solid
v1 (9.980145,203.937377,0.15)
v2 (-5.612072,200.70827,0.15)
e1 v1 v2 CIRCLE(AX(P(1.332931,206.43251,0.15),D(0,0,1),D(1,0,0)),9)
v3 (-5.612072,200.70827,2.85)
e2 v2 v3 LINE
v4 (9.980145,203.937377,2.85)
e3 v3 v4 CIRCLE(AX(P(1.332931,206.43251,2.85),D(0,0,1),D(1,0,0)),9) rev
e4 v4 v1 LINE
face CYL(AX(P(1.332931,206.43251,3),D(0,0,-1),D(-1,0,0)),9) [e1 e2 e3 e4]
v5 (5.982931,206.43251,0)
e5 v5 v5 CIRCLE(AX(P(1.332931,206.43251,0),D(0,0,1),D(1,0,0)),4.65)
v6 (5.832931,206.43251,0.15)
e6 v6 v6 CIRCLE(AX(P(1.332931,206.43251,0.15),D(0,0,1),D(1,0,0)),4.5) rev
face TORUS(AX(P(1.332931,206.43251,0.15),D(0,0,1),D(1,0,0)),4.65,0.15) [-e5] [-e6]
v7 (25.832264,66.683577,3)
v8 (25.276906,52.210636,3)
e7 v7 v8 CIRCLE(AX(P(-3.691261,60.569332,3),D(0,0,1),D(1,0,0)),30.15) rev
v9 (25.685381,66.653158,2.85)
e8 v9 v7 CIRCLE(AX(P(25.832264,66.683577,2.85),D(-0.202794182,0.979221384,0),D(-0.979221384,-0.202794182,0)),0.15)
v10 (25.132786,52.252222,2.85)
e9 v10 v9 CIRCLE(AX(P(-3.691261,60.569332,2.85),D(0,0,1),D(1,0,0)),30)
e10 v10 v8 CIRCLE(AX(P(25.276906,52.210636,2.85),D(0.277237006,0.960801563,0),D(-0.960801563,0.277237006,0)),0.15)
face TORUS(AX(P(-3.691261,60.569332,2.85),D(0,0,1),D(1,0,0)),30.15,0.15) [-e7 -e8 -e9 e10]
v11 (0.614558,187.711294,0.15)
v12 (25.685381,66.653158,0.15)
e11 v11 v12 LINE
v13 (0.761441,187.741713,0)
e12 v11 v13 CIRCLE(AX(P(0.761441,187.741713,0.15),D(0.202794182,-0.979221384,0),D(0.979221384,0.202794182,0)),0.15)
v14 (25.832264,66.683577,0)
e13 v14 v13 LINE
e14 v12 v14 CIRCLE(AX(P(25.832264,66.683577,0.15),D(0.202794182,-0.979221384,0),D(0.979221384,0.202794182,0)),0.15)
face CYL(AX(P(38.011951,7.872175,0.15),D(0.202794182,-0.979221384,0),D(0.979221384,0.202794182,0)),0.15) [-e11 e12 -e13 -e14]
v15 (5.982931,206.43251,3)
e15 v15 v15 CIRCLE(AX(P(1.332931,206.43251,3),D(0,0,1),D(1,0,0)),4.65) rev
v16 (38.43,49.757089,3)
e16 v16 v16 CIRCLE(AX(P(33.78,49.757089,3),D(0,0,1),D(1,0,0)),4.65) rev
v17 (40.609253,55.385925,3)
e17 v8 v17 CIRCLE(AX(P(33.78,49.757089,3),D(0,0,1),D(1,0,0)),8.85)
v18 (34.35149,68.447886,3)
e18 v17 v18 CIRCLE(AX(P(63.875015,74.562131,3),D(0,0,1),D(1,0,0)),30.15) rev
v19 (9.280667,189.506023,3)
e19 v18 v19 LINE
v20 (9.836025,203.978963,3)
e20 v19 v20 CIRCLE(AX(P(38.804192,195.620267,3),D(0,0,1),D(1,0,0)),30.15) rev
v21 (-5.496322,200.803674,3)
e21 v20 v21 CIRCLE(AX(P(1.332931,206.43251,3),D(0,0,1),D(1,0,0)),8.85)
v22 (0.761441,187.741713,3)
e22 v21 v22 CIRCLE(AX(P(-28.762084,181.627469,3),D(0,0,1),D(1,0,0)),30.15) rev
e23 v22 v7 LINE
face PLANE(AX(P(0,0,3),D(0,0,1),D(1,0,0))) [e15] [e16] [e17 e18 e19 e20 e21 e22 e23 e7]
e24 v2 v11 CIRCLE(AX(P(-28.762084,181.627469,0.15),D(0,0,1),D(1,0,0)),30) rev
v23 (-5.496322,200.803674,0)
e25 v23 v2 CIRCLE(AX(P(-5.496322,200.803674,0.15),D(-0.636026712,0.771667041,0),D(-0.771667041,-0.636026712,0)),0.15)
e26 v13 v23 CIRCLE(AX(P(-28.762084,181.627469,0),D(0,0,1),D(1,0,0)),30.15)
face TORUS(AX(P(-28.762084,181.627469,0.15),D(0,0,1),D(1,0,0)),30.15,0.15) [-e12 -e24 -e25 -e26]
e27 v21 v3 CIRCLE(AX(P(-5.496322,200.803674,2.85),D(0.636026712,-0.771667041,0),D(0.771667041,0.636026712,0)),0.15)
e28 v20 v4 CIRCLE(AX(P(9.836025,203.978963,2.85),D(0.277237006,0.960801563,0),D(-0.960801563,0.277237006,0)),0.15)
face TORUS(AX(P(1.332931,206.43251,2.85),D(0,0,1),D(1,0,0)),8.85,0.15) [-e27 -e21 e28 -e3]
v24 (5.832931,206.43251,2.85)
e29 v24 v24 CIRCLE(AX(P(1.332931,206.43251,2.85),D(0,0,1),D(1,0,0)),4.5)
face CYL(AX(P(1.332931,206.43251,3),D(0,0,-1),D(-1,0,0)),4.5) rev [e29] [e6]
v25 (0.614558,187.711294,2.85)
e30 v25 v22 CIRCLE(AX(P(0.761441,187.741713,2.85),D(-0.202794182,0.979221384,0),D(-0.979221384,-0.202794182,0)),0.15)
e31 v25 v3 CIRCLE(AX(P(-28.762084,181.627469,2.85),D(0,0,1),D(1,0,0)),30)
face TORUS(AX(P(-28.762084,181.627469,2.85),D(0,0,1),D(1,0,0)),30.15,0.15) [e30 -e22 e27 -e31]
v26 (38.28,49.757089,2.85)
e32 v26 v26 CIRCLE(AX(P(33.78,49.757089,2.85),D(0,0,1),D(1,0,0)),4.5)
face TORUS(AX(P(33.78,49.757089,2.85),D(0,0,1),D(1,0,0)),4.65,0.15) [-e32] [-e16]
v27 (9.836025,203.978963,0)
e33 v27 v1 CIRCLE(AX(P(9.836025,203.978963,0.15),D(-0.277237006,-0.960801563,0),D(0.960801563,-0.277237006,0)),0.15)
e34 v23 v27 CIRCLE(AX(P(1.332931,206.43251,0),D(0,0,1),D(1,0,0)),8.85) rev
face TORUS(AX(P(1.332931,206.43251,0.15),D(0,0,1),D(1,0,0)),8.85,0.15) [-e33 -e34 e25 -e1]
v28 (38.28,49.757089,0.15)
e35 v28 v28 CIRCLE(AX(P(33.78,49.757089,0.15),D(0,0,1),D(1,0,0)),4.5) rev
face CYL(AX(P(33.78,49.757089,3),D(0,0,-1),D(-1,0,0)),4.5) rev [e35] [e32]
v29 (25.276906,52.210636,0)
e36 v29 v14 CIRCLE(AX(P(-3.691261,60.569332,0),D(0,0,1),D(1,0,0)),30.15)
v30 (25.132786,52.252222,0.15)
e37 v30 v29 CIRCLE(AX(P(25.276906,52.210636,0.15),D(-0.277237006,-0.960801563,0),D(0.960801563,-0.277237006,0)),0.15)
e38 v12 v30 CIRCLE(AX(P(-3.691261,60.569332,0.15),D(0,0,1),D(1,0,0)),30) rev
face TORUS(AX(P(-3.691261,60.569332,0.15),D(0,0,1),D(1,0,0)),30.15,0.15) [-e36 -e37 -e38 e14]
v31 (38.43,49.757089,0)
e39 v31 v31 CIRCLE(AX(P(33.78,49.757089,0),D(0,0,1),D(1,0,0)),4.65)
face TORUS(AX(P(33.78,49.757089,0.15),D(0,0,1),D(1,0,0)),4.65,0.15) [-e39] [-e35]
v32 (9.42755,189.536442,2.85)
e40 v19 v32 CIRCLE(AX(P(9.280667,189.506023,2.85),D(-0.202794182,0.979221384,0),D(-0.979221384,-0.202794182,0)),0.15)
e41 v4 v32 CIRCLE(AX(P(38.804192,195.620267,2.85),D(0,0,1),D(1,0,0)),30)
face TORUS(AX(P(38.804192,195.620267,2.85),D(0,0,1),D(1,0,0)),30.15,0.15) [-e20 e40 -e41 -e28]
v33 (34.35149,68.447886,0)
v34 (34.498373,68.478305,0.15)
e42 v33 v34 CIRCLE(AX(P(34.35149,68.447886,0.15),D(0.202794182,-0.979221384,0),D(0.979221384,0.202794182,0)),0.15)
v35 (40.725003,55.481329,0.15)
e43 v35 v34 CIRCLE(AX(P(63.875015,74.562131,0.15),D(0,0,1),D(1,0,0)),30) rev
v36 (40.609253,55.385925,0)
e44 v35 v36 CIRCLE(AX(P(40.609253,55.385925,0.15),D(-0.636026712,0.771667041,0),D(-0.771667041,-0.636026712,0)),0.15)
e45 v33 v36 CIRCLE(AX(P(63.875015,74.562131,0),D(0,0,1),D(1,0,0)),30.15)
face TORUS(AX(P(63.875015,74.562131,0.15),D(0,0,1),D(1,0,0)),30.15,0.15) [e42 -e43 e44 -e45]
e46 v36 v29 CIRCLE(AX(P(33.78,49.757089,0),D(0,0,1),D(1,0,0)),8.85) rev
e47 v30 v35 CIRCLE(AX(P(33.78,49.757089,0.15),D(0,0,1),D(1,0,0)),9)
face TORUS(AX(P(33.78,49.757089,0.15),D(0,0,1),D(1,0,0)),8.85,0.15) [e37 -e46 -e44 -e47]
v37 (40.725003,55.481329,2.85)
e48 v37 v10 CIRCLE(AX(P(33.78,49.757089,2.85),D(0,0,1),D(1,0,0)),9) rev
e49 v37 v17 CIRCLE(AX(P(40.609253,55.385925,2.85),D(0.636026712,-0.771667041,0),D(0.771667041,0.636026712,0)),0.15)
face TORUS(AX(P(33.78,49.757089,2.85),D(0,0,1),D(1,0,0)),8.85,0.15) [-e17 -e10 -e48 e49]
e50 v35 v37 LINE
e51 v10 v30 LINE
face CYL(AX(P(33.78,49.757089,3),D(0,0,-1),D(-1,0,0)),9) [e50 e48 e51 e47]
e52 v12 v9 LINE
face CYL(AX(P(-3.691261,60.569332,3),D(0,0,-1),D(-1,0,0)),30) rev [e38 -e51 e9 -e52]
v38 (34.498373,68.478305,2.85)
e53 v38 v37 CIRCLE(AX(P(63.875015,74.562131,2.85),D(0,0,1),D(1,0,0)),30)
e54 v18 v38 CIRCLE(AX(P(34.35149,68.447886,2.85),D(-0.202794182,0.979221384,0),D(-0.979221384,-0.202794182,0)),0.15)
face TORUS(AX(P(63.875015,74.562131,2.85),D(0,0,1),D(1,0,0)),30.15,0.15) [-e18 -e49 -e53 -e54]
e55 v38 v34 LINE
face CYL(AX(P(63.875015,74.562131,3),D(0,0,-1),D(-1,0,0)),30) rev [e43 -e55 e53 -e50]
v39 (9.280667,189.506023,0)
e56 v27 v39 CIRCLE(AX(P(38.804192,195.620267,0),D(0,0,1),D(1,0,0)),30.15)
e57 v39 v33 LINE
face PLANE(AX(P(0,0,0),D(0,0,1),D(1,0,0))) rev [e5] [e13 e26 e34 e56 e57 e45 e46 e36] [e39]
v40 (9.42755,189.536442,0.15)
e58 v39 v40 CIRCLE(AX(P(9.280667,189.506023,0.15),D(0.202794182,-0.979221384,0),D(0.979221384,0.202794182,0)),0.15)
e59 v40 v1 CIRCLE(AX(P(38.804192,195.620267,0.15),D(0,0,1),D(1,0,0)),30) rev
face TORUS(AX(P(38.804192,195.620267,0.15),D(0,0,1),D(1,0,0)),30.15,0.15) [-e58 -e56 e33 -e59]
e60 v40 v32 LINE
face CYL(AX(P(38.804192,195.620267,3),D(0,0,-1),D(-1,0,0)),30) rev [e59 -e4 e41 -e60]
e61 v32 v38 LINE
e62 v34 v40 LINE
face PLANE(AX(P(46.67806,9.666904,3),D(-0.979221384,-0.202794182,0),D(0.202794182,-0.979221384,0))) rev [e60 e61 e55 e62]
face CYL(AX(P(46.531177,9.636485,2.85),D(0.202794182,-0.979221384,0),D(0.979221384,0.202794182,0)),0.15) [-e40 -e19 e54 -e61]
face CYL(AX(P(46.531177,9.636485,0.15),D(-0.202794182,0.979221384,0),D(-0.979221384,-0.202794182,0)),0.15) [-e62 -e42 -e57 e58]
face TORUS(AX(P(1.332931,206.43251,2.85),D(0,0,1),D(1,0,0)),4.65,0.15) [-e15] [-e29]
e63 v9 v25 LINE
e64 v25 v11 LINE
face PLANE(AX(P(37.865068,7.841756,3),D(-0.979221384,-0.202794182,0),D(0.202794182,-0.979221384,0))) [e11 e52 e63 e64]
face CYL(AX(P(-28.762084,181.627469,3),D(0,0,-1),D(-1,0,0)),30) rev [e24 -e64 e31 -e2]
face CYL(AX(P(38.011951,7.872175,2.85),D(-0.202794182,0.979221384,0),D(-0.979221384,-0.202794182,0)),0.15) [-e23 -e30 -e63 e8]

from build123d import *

# Parameters (mm, degrees)
SZKIC2_R                    = 4.5
DODANIE_WYCI_GNI_CIE1_DEPTH = 3
ZAOKR_GLENIE1_R             = 30
ZAOKR_GLENIE2_R             = 30
ZAOKR_GLENIE3_R             = 30
ZAOKR_GLENIE4_R             = 30
ZAOKR_GLENIE5_R             = 0.15


with BuildPart() as part:
    # Szkic2 → Dodanie-wyciągnięcie1 (new body)
    with BuildSketch(Plane.XY):
        with BuildLine():
            ThreePointArc((27.792879551, 56.476790511), (35.605147637, 40.944096516), (36.605872011, 58.301938148))
            Line((36.605872011, 58.301938148), (7.320051345, 199.712808955))
            ThreePointArc((7.320051345, 199.712808955), (-0.492216741, 215.24550295), (-1.492941115, 197.887661317))
            Line((-1.492941115, 197.887661317), (27.792879551, 56.476790511))
        make_face()
        with Locations((33.78, 49.757088976)):
            Circle(SZKIC2_R, mode=Mode.SUBTRACT)
        with Locations((1.332930896, 206.43251049)):
            Circle(SZKIC2_R, mode=Mode.SUBTRACT)
    extrude(amount=DODANIE_WYCI_GNI_CIE1_DEPTH)

    # Zaokrąglenie1
    zaokr_glenie1_edges = [part.edges().sort_by_distance(p)[0] for p in [
        (-1.492941115, 197.887661317, 1.5),
    ]]
    fillet(zaokr_glenie1_edges, radius=ZAOKR_GLENIE1_R)

    # Zaokrąglenie2
    zaokr_glenie2_edges = [part.edges().sort_by_distance(p)[0] for p in [
        (7.320051345, 199.712808955, 1.5),
    ]]
    fillet(zaokr_glenie2_edges, radius=ZAOKR_GLENIE2_R)

    # Zaokrąglenie3
    zaokr_glenie3_edges = [part.edges().sort_by_distance(p)[0] for p in [
        (27.792879551, 56.476790511, 1.5),
    ]]
    fillet(zaokr_glenie3_edges, radius=ZAOKR_GLENIE3_R)

    # Zaokrąglenie4
    zaokr_glenie4_edges = [part.edges().sort_by_distance(p)[0] for p in [
        (36.605872011, 58.301938148, 1.5),
    ]]
    fillet(zaokr_glenie4_edges, radius=ZAOKR_GLENIE4_R)

    # Zaokrąglenie5
    zaokr_glenie5_edges = [part.edges().sort_by_distance(p)[0] for p in [
        (-3.167069104, 206.43251049, 3),
        (-1.706720857, 194.589233339, 0),
        (-1.706720857, 194.589233339, 3),
        (29.28, 49.757088976, 3),
        (-0.492216741, 215.24550295, 0),
        (-0.492216741, 215.24550295, 3),
        (8.82625379, 196.770584778, 0),
        (8.82625379, 196.770584778, 3),
        (35.605147637, 40.944096516, 0),
        (35.605147637, 40.944096516, 3),
        (13.149969218, 127.182225914, 3),
        (13.149969218, 127.182225914, 0),
        (26.286677106, 59.419014688, 0),
        (26.286677106, 59.419014688, 3),
        (21.962961678, 129.007373551, 0),
        (21.962961678, 129.007373551, 3),
        (36.819651752, 61.600366127, 0),
        (36.819651752, 61.600366127, 3),
        (29.28, 49.757088976, 0),
        (-3.167069104, 206.43251049, 0),
    ]]
    fillet(zaokr_glenie5_edges, radius=ZAOKR_GLENIE5_R)


solid = part.part
